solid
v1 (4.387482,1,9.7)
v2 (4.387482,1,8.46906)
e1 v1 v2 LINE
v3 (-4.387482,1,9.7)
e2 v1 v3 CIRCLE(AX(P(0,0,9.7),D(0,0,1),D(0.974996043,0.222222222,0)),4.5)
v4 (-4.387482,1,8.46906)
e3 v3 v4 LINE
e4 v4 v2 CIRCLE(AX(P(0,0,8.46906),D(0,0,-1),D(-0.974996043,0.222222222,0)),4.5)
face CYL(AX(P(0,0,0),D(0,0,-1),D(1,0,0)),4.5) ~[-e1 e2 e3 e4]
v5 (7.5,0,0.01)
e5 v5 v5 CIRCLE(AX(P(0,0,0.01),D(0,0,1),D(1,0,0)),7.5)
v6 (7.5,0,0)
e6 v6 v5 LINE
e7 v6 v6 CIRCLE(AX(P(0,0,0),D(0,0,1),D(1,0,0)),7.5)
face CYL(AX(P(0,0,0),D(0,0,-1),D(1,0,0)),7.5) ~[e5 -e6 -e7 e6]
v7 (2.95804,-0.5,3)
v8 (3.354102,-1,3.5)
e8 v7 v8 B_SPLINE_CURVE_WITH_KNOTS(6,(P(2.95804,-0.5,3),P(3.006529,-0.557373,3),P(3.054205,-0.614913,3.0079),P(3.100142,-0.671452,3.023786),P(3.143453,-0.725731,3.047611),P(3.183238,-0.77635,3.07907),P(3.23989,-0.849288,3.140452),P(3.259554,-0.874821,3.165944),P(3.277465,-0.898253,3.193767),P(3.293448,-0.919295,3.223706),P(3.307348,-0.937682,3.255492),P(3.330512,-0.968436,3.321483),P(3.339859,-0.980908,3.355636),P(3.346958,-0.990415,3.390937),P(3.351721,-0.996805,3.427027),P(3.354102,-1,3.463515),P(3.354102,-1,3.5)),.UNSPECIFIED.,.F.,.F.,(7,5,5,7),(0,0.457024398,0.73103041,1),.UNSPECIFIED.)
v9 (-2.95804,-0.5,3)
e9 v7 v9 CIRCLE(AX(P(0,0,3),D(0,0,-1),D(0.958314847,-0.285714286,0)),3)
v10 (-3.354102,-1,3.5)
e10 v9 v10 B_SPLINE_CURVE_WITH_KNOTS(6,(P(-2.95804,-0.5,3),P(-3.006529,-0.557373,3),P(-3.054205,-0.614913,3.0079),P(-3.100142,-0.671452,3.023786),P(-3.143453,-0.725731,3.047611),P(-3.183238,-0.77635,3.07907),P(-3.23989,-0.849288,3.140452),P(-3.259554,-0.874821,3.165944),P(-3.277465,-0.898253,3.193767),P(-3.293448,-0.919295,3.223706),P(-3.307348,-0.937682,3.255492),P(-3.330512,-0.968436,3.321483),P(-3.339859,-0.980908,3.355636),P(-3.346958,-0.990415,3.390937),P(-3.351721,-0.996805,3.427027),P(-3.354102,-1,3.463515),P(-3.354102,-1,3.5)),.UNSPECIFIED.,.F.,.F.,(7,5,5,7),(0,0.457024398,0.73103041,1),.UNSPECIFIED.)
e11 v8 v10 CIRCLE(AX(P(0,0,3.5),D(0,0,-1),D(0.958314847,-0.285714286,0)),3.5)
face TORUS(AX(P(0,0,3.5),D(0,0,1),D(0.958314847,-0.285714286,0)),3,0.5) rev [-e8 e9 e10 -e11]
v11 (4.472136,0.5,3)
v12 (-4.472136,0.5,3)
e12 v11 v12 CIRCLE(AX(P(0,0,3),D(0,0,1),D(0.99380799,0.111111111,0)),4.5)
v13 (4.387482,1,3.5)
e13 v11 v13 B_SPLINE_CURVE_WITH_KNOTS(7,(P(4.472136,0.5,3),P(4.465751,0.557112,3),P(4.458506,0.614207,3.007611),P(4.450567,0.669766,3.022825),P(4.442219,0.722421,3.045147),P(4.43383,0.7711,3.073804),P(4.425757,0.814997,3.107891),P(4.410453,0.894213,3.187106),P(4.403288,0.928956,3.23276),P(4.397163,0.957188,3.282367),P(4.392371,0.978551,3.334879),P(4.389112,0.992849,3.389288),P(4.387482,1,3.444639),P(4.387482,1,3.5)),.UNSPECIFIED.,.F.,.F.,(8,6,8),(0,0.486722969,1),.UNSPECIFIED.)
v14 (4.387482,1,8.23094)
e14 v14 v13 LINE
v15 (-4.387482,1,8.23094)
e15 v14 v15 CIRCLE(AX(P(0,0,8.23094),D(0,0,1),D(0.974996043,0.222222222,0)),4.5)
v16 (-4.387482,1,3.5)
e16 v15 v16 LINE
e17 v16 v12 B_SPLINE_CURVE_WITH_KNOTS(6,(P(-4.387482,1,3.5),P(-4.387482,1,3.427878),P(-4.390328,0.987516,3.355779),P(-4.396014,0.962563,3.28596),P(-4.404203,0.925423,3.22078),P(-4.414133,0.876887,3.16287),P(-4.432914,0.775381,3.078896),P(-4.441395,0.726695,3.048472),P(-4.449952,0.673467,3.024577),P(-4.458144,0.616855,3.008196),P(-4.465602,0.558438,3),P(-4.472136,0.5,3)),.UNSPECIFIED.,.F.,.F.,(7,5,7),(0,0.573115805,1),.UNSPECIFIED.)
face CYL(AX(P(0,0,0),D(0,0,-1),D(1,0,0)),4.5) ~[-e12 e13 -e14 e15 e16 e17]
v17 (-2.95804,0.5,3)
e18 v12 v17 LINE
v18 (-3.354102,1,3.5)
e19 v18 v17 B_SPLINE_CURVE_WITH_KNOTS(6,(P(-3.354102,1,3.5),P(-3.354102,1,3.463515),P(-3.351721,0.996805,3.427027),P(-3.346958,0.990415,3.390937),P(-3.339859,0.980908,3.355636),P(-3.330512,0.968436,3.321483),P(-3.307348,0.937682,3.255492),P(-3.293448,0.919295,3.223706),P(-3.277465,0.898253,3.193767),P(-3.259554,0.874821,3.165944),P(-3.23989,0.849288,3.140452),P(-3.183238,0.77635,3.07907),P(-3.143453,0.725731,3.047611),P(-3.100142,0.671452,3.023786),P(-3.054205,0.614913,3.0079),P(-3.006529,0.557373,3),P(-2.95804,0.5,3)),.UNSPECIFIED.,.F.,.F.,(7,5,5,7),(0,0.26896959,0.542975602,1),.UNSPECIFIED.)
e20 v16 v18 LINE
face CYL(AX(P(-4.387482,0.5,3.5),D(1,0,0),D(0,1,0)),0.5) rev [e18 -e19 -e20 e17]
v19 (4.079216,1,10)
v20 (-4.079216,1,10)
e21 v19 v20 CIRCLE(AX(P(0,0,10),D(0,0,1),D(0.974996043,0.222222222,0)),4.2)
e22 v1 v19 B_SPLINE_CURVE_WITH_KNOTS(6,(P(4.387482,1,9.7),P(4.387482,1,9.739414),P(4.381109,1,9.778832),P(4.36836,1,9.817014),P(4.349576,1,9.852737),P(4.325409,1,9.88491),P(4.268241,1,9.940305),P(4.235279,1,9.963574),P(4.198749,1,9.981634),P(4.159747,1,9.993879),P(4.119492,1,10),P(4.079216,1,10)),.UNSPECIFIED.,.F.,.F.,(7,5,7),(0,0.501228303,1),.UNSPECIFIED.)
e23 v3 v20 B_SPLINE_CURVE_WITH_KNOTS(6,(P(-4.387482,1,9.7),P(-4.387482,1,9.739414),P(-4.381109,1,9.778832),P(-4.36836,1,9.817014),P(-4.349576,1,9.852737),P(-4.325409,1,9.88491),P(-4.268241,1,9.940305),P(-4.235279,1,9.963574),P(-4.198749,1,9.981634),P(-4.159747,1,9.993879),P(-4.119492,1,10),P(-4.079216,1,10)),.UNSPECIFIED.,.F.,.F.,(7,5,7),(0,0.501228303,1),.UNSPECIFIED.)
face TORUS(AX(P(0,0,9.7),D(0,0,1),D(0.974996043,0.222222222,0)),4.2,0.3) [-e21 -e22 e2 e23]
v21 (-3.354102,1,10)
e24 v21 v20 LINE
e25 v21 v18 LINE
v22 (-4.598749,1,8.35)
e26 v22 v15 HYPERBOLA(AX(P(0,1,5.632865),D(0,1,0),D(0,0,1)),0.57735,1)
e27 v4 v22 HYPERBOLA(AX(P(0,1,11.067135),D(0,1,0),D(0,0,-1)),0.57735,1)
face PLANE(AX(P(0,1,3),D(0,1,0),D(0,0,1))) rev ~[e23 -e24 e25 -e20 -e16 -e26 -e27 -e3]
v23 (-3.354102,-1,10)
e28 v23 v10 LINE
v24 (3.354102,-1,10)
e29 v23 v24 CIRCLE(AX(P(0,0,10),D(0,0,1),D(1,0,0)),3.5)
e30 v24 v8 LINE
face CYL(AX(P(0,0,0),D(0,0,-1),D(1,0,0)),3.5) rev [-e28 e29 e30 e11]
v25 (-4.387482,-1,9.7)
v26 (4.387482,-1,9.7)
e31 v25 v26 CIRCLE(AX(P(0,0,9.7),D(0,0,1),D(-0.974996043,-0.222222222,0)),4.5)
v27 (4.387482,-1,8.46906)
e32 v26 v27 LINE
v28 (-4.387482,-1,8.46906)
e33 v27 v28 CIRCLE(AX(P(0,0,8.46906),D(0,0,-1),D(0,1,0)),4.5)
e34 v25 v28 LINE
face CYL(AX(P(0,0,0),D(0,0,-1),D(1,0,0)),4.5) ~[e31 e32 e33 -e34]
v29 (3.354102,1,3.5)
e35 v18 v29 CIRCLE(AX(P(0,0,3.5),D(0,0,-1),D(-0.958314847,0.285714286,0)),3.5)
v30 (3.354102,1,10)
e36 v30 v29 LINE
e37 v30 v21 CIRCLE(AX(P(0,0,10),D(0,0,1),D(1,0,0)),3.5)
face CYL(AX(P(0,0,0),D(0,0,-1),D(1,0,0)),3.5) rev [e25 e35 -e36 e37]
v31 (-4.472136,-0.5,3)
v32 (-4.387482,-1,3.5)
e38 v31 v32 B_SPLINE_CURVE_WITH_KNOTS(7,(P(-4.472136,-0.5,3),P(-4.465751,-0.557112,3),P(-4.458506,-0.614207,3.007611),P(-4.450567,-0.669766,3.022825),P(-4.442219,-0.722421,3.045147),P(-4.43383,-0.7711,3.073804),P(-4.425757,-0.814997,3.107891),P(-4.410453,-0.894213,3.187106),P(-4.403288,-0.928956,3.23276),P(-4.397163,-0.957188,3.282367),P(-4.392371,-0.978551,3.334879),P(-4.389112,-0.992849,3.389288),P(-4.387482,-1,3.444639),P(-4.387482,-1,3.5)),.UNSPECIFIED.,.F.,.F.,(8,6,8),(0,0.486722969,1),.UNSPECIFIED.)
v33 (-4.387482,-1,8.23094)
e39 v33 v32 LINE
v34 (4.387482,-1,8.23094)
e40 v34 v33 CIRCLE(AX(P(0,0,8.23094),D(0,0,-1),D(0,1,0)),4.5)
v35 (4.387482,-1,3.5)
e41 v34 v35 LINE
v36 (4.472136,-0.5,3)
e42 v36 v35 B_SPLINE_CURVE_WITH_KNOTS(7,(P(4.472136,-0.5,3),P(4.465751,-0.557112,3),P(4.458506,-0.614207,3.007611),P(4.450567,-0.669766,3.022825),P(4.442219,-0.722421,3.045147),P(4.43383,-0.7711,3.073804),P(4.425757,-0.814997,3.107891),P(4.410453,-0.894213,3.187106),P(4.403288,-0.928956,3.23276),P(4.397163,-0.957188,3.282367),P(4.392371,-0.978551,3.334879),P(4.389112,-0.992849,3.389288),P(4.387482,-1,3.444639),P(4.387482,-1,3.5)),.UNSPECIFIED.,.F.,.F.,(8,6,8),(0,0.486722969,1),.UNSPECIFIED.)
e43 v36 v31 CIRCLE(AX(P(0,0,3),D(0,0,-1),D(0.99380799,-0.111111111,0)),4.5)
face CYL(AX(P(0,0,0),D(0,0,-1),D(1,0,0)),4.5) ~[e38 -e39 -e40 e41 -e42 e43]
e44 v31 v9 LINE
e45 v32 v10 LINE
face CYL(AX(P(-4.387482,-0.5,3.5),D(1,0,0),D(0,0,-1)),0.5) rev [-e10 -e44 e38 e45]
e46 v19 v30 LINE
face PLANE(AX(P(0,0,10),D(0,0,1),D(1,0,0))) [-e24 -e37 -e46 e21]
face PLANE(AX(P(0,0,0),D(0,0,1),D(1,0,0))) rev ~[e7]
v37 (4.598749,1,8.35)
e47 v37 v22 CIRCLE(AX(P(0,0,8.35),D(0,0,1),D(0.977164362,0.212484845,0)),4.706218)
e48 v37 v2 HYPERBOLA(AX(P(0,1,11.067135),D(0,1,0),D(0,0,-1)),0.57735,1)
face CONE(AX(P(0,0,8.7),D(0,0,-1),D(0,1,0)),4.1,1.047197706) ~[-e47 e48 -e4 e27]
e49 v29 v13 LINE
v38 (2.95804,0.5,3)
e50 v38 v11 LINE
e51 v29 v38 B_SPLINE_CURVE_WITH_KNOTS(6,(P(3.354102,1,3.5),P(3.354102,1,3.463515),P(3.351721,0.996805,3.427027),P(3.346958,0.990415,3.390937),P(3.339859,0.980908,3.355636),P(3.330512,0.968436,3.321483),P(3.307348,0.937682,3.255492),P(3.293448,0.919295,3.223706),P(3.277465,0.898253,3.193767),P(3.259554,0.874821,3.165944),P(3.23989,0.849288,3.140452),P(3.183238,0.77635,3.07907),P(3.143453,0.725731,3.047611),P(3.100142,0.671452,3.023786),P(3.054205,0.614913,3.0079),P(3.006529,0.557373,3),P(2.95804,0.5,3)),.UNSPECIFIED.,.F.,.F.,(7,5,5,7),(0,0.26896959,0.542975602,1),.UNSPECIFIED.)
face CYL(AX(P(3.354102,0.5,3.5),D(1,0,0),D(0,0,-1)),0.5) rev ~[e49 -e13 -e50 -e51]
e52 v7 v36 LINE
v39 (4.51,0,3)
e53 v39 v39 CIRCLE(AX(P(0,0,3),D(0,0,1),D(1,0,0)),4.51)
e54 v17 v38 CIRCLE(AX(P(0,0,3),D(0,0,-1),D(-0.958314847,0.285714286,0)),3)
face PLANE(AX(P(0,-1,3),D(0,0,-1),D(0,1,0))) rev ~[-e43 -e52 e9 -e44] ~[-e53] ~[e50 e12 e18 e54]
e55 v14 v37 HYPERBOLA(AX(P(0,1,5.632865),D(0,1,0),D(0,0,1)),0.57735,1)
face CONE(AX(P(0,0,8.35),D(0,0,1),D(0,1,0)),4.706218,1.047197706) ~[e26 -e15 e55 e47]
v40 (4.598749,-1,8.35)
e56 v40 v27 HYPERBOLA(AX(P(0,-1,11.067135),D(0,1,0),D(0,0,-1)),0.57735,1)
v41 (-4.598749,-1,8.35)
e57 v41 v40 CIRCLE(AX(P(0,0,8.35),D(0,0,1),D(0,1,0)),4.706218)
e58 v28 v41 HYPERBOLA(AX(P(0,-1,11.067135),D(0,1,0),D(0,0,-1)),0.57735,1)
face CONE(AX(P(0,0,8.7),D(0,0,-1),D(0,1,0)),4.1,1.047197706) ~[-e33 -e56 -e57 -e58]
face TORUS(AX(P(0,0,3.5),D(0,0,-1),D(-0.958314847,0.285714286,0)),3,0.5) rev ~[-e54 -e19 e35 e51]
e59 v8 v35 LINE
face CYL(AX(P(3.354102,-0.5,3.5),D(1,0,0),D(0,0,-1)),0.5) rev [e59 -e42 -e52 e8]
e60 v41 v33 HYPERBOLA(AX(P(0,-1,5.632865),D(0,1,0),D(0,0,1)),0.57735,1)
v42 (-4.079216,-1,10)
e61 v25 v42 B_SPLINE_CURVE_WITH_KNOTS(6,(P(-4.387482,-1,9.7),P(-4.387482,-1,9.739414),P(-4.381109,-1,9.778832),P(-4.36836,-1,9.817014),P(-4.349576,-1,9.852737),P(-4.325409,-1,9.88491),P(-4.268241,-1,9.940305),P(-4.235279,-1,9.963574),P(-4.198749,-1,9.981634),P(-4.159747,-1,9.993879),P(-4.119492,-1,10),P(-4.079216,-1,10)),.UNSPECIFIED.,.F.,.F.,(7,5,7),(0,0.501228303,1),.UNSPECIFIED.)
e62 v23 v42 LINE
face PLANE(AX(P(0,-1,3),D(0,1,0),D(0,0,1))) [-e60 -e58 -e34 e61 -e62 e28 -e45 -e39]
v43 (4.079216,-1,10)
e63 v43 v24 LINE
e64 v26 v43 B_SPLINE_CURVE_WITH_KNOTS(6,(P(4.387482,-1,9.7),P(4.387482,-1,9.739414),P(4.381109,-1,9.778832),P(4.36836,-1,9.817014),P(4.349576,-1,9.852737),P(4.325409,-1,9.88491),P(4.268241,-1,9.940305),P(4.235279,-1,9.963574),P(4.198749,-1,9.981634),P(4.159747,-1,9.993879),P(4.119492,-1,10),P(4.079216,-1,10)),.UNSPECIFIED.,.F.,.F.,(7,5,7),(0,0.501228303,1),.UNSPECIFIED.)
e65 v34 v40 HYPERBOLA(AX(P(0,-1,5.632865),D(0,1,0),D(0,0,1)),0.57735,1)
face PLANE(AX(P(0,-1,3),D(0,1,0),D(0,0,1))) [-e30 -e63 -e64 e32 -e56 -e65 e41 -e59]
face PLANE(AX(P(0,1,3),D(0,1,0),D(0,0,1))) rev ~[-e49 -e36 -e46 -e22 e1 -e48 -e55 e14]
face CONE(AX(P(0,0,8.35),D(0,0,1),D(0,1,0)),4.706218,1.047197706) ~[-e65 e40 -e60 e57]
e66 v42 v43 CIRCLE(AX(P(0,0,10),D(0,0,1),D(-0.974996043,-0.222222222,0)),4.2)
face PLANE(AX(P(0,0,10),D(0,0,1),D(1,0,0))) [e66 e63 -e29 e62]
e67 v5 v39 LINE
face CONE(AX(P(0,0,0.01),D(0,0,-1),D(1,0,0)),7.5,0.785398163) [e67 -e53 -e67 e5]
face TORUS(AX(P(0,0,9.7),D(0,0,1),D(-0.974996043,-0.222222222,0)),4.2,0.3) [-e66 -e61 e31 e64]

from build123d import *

# Parameters (mm, degrees)
SKETCH_R     = 4.5
SKETCH_R_2   = 3.5
PAD_DEPTH    = 10
SKETCH001_R  = 7.5
PAD001_DEPTH = 3
CHAMFER_SIZE = 2.99
SKETCH003_W  = 2
SKETCH003_H  = 10
POCKET_DEPTH = 6
FILLET_R     = 0.5
FILLET001_R  = 0.3


with BuildPart() as part:
    # Sketch (on XY_Plane of Origin) → Pad (new body)
    with BuildSketch(Plane.XY):
        Circle(SKETCH_R)
        Circle(SKETCH_R_2, mode=Mode.SUBTRACT)
    extrude(amount=PAD_DEPTH)

    # Sketch001 (on XY_Plane of Origin) → Pad001 (join)
    with BuildSketch(Plane.XY):
        Circle(SKETCH001_R)
    extrude(amount=PAD001_DEPTH)

    # Chamfer
    chamfer_edges = [part.edges().sort_by_distance(p)[0] for p in [
        (-7.5, 0, 3),
    ]]
    chamfer(chamfer_edges, length=CHAMFER_SIZE)

    # Sketch002 (on YZ_Plane of Origin) → Revolution (revolve)
    with BuildSketch(Plane.YZ):
        Polygon((4.1, 8.7), (4.706218, 8.35), (4.1, 8), align=None)
    revolve(axis=Axis((0, 0, 0), (0, 0, 1)))

    # Sketch003 (on YZ_Plane of Origin) → Pocket (cut, symmetric)
    with BuildSketch(Plane.YZ):
        with Locations((0, 8)):
            Rectangle(SKETCH003_W, SKETCH003_H)
    extrude(amount=POCKET_DEPTH, both=True, mode=Mode.SUBTRACT)

    # Fillet
    fillet_edges = [part.edges().sort_by_distance(p)[0] for p in [
        (0, -3.5, 3),
        (0, 3.5, 3),
        (3.870792, 1, 3),
        (-3.870792, 1, 3),
        (3.870792, -1, 3),
        (-3.870792, -1, 3),
    ]]
    fillet(fillet_edges, radius=FILLET_R)

    # Fillet001
    fillet001_edges = [part.edges().sort_by_distance(p)[0] for p in [
        (0, 4.5, 10),
        (0, -4.5, 10),
    ]]
    fillet(fillet001_edges, radius=FILLET001_R)


solid = part.part
